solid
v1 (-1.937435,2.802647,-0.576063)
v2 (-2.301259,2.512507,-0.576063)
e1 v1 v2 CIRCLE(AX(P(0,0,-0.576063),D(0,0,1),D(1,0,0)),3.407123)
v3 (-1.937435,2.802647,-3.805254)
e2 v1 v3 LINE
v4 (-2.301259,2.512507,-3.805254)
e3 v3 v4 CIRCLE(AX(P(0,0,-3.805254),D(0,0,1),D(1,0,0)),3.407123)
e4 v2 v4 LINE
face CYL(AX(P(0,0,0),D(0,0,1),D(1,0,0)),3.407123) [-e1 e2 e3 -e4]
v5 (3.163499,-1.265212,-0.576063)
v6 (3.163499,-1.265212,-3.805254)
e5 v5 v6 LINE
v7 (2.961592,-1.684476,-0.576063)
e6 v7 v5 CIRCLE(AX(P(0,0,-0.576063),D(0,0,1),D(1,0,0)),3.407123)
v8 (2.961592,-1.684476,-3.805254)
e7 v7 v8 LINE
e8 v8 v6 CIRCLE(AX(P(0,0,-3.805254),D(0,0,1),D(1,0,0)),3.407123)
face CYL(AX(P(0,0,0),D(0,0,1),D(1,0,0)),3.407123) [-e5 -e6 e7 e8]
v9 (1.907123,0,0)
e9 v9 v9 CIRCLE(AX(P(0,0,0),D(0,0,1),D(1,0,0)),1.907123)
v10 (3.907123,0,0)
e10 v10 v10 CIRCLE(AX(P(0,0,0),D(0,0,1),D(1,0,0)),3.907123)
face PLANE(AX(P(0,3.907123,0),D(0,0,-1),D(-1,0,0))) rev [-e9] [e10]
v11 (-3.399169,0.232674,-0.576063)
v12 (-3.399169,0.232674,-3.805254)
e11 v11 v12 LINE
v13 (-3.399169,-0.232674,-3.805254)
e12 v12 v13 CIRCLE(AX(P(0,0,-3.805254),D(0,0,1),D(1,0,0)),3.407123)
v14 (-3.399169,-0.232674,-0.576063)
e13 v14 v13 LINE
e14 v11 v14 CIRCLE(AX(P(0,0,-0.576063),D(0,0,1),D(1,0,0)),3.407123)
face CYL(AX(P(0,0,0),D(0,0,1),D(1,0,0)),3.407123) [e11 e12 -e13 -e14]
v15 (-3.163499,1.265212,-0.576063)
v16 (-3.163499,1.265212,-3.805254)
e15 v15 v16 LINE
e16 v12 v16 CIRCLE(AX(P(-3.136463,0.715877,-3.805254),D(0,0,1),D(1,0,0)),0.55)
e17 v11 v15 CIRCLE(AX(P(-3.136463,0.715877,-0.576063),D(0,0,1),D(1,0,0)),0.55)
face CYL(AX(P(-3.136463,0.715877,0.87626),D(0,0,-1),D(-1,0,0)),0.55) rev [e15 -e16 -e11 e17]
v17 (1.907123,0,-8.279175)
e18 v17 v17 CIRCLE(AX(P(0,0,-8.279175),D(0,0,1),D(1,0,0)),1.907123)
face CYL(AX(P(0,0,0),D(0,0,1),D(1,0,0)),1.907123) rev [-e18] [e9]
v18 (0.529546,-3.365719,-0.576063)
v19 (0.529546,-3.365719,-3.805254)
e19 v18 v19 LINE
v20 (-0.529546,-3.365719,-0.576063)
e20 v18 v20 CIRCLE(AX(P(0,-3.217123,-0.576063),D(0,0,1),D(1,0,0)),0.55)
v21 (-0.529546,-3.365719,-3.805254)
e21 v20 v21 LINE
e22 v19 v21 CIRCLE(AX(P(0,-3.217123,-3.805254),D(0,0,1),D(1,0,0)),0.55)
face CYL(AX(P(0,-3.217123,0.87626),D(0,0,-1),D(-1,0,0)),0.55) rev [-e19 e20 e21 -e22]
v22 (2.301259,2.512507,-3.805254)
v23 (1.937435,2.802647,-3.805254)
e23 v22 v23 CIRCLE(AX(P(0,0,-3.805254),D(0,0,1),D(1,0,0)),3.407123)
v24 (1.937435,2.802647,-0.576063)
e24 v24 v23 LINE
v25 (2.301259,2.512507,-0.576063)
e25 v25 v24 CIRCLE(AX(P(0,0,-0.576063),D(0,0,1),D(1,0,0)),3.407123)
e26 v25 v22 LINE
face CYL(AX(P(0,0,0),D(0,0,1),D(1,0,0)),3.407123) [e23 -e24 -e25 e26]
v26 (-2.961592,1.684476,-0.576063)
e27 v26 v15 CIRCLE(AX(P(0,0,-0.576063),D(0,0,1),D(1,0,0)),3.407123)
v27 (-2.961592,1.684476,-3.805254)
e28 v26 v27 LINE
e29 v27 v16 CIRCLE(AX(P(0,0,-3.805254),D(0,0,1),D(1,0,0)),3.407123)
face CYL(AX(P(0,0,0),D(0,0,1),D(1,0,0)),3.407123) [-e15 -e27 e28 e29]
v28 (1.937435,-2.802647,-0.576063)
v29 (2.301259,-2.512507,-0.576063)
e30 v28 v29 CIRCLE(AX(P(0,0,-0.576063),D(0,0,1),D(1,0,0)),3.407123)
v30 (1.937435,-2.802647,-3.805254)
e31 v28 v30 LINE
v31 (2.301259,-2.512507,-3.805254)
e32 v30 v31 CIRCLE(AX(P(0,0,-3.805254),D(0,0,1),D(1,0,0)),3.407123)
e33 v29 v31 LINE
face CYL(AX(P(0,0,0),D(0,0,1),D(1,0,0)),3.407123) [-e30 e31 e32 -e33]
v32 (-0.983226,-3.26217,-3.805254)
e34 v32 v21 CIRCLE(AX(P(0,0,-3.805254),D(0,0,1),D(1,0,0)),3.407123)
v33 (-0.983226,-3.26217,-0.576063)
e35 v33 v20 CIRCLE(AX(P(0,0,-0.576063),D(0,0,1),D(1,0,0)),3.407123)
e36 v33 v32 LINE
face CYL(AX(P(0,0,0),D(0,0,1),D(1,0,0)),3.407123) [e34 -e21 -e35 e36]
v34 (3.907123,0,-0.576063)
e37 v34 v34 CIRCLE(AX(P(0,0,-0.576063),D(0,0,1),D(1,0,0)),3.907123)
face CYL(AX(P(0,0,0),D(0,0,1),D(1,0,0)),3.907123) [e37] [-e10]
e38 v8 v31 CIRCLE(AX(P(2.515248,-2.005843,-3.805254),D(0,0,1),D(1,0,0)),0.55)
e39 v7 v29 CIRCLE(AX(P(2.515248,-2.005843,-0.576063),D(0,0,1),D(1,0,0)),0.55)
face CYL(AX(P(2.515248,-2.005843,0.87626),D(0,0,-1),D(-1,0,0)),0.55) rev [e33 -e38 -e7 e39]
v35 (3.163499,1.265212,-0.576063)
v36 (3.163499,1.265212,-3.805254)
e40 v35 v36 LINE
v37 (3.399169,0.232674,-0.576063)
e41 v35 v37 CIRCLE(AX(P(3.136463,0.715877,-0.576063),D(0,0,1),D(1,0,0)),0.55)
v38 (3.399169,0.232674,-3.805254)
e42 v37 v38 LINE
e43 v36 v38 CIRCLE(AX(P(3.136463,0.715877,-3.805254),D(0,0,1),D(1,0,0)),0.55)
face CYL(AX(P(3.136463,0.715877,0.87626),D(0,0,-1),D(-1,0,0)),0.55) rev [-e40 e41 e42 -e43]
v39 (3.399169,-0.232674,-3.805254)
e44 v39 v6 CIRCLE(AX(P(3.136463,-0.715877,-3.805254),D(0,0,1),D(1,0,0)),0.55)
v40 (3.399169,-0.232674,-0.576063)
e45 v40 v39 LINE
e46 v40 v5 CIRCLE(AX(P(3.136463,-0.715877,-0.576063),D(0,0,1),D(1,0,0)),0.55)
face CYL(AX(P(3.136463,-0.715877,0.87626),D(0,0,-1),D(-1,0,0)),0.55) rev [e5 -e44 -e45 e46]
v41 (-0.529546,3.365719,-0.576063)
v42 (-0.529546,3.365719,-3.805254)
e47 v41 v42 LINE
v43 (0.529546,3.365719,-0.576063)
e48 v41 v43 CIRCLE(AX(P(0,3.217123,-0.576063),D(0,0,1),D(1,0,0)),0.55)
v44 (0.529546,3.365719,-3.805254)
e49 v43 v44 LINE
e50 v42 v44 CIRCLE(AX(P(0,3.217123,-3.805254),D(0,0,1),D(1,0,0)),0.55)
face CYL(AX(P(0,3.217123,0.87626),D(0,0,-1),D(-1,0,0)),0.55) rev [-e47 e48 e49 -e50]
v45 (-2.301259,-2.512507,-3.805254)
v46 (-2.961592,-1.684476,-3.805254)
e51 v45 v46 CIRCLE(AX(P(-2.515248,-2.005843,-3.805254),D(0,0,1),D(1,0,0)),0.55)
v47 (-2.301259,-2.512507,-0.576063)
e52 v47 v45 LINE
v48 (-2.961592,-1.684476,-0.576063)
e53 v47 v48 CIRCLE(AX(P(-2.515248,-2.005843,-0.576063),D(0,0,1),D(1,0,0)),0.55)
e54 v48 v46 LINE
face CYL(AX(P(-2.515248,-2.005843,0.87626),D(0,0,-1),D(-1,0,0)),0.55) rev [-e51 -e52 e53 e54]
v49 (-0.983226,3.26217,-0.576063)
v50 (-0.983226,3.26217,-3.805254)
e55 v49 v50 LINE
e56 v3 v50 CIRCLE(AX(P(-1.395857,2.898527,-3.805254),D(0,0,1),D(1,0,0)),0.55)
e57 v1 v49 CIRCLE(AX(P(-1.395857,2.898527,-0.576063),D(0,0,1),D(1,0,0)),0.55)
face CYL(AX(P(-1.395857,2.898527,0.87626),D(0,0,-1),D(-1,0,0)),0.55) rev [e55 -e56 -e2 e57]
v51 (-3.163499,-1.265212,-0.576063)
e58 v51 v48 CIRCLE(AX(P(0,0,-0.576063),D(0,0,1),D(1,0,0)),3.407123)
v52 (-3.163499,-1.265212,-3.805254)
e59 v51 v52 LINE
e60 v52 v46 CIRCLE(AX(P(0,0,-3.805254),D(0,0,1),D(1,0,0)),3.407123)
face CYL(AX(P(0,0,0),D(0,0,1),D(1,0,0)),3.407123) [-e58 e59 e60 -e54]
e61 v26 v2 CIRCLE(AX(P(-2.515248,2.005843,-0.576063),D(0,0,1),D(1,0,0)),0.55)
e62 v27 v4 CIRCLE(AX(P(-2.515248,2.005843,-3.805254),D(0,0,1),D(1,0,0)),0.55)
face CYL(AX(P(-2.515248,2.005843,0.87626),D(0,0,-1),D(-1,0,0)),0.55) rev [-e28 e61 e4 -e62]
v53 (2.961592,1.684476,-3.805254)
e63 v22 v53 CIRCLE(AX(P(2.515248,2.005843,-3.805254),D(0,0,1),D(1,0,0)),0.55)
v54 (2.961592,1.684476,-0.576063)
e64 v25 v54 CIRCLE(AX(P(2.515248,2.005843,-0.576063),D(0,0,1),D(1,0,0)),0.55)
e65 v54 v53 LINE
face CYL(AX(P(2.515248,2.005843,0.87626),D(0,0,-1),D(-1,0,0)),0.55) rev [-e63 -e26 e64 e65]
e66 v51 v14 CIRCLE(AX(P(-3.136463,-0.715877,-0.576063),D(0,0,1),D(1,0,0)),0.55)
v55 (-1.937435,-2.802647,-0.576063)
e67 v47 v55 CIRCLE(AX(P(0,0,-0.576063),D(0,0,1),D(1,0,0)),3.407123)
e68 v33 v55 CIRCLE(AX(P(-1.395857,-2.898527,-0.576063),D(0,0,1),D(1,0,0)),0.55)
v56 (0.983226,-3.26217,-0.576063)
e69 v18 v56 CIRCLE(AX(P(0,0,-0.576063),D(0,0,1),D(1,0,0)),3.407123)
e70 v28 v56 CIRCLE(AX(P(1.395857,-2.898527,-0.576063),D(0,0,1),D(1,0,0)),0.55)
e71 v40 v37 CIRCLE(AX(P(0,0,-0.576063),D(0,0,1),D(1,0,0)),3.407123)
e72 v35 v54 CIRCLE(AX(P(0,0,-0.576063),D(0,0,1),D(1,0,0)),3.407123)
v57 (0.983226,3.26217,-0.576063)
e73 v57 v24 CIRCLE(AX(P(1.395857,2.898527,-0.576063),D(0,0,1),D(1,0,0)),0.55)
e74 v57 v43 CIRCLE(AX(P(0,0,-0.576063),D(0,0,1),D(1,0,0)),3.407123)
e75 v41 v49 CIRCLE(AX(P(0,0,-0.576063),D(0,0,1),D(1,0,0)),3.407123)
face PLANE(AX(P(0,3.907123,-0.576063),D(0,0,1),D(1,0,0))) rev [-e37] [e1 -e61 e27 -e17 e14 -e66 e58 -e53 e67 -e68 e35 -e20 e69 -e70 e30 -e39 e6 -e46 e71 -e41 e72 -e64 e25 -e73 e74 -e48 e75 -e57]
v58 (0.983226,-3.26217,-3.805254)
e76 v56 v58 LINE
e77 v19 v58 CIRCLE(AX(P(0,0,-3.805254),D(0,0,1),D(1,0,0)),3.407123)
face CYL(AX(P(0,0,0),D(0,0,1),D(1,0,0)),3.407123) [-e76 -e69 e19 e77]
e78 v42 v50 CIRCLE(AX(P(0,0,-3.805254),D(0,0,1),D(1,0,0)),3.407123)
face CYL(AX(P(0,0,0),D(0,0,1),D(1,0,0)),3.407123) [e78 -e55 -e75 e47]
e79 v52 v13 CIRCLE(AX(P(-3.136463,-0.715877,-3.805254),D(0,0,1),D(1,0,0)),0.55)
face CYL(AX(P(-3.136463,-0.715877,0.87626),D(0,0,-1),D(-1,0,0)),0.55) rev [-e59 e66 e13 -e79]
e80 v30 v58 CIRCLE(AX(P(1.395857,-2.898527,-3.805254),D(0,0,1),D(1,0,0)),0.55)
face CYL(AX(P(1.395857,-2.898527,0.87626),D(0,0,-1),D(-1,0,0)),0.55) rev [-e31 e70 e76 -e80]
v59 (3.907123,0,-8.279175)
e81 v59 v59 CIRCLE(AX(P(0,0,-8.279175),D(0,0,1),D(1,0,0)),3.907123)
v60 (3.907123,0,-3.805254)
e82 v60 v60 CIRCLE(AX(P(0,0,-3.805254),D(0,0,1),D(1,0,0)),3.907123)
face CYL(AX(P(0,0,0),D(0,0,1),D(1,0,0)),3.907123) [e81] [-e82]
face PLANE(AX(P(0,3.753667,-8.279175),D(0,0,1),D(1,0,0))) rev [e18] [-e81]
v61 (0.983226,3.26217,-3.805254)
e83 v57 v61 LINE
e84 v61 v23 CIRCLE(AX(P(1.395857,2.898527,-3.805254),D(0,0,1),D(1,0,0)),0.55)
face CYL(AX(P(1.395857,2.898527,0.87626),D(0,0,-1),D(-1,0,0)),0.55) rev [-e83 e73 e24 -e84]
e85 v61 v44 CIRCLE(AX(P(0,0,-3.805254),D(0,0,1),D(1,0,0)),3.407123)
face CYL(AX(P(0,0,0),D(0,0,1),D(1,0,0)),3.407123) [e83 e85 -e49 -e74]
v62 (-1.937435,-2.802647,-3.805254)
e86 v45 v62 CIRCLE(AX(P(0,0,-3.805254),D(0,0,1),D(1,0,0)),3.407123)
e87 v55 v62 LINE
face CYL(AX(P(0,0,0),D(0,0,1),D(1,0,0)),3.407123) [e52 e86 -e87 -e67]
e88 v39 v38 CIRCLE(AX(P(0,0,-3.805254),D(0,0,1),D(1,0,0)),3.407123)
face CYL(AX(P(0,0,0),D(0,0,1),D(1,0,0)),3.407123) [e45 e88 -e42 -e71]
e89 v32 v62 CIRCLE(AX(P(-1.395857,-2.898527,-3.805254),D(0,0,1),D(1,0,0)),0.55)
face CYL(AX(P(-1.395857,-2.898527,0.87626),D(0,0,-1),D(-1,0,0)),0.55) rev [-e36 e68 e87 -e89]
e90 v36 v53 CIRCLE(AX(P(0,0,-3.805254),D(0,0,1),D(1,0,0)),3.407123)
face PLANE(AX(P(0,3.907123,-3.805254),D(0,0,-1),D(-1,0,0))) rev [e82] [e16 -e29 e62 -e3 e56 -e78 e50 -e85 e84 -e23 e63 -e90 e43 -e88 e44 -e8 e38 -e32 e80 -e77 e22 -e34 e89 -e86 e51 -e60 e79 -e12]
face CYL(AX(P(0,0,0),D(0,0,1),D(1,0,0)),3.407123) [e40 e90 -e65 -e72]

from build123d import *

# Parameters (mm, degrees)
CUT_EXTRUDE1_START = 3.229191933
CUT_EXTRUDE1_DEPTH = 3.229191933


with BuildPart() as part:
    # Sketch1 → Revolve2 (revolve)
    with BuildSketch(Plane(origin=(0, 0, 0), x_dir=(0, 0, -1), z_dir=(1, 0, 0)), mode=Mode.PRIVATE) as revolve2_sk:
        Polygon((4.77917475, 3.907122765), (3.805254495, 3.907122765), (3.805254495, 3.407122765), (0.576062562, 3.407122765), (0.576062562, 3.907122765), (0, 3.907122765), (0, 1.907122765), (4.77917475, 1.907122765), (8.27917475, 1.907122765), (8.27917475, 3.753666669), (8.27917475, 3.907122765), align=None)
    revolve(revolve2_sk.sketch.rotate(Axis((0, 0, 0), (0, 0, -1)), 90), axis=Axis((0, 0, 0), (0, 0, -1)))

    # Sketch3 → Cut-Extrude1 (cut)
    with BuildSketch(Plane.XY.offset(-3.805254495).offset(CUT_EXTRUDE1_START)):
        with BuildLine():
            ThreePointArc((-2.301258727, 2.512507474), (-2.663795842, 2.124306298), (-2.961591907, 1.684475857))
            ThreePointArc((-2.961591907, 1.684475857), (-2.085240545, 1.662923844), (-2.301258727, 2.512507474))
        make_face()
        with BuildLine():
            ThreePointArc((-0.529546095, 3.365719309), (0, 2.667122765), (0.529546095, 3.365719309))
            ThreePointArc((0.529546095, 3.365719309), (0, 3.407122765), (-0.529546095, 3.365719309))
        make_face()
        with BuildLine():
            ThreePointArc((0.983226333, 3.262169756), (1.157221198, 2.402994578), (1.937435425, 2.802646876))
            ThreePointArc((1.937435425, 2.802646876), (1.478295165, 3.06971154), (0.983226333, 3.262169756))
        make_face()
        with BuildLine():
            ThreePointArc((2.301258727, 2.512507474), (2.085240545, 1.662923844), (2.961591907, 1.684475857))
            ThreePointArc((2.961591907, 1.684475857), (2.663795842, 2.124306298), (2.301258727, 2.512507474))
        make_face()
        with BuildLine():
            ThreePointArc((3.163498608, 1.265212273), (2.600252429, 0.593490649), (3.399168791, 0.232673735))
            ThreePointArc((3.399168791, 0.232673735), (3.321699084, 0.75815614), (3.163498608, 1.265212273))
        make_face()
        with BuildLine():
            ThreePointArc((3.399168791, -0.232673735), (2.600252429, -0.593490649), (3.163498608, -1.265212273))
            ThreePointArc((3.163498608, -1.265212273), (3.321699084, -0.75815614), (3.399168791, -0.232673735))
        make_face()
        with BuildLine():
            ThreePointArc((2.961591907, -1.684475857), (2.085240545, -1.662923844), (2.301258727, -2.512507474))
            ThreePointArc((2.301258727, -2.512507474), (2.663795842, -2.124306298), (2.961591907, -1.684475857))
        make_face()
        with BuildLine():
            ThreePointArc((1.937435425, -2.802646876), (1.157221198, -2.402994578), (0.983226333, -3.262169756))
            ThreePointArc((0.983226333, -3.262169756), (1.478295165, -3.06971154), (1.937435425, -2.802646876))
        make_face()
        with BuildLine():
            ThreePointArc((0.529546095, -3.365719309), (0, -2.667122765), (-0.529546095, -3.365719309))
            ThreePointArc((-0.529546095, -3.365719309), (0, -3.407122765), (0.529546095, -3.365719309))
        make_face()
        with BuildLine():
            ThreePointArc((-0.983226333, -3.262169756), (-1.157221198, -2.402994578), (-1.937435425, -2.802646876))
            ThreePointArc((-1.937435425, -2.802646876), (-1.478295165, -3.06971154), (-0.983226333, -3.262169756))
        make_face()
        with BuildLine():
            ThreePointArc((-2.301258727, -2.512507474), (-2.085240545, -1.662923844), (-2.961591907, -1.684475857))
            ThreePointArc((-2.961591907, -1.684475857), (-2.663795842, -2.124306298), (-2.301258727, -2.512507474))
        make_face()
        with BuildLine():
            ThreePointArc((-3.163498608, -1.265212273), (-2.600252429, -0.593490649), (-3.399168791, -0.232673735))
            ThreePointArc((-3.399168791, -0.232673735), (-3.321699084, -0.75815614), (-3.163498608, -1.265212273))
        make_face()
        with BuildLine():
            ThreePointArc((-3.399168791, 0.232673735), (-2.600252429, 0.593490649), (-3.163498608, 1.265212273))
            ThreePointArc((-3.163498608, 1.265212273), (-3.321699084, 0.75815614), (-3.399168791, 0.232673735))
        make_face()
        with BuildLine():
            ThreePointArc((-1.937435425, 2.802646876), (-1.157221198, 2.402994578), (-0.983226333, 3.262169756))
            ThreePointArc((-0.983226333, 3.262169756), (-1.478295165, 3.06971154), (-1.937435425, 2.802646876))
        make_face()
    extrude(amount=-CUT_EXTRUDE1_DEPTH, mode=Mode.SUBTRACT)


solid = part.part
